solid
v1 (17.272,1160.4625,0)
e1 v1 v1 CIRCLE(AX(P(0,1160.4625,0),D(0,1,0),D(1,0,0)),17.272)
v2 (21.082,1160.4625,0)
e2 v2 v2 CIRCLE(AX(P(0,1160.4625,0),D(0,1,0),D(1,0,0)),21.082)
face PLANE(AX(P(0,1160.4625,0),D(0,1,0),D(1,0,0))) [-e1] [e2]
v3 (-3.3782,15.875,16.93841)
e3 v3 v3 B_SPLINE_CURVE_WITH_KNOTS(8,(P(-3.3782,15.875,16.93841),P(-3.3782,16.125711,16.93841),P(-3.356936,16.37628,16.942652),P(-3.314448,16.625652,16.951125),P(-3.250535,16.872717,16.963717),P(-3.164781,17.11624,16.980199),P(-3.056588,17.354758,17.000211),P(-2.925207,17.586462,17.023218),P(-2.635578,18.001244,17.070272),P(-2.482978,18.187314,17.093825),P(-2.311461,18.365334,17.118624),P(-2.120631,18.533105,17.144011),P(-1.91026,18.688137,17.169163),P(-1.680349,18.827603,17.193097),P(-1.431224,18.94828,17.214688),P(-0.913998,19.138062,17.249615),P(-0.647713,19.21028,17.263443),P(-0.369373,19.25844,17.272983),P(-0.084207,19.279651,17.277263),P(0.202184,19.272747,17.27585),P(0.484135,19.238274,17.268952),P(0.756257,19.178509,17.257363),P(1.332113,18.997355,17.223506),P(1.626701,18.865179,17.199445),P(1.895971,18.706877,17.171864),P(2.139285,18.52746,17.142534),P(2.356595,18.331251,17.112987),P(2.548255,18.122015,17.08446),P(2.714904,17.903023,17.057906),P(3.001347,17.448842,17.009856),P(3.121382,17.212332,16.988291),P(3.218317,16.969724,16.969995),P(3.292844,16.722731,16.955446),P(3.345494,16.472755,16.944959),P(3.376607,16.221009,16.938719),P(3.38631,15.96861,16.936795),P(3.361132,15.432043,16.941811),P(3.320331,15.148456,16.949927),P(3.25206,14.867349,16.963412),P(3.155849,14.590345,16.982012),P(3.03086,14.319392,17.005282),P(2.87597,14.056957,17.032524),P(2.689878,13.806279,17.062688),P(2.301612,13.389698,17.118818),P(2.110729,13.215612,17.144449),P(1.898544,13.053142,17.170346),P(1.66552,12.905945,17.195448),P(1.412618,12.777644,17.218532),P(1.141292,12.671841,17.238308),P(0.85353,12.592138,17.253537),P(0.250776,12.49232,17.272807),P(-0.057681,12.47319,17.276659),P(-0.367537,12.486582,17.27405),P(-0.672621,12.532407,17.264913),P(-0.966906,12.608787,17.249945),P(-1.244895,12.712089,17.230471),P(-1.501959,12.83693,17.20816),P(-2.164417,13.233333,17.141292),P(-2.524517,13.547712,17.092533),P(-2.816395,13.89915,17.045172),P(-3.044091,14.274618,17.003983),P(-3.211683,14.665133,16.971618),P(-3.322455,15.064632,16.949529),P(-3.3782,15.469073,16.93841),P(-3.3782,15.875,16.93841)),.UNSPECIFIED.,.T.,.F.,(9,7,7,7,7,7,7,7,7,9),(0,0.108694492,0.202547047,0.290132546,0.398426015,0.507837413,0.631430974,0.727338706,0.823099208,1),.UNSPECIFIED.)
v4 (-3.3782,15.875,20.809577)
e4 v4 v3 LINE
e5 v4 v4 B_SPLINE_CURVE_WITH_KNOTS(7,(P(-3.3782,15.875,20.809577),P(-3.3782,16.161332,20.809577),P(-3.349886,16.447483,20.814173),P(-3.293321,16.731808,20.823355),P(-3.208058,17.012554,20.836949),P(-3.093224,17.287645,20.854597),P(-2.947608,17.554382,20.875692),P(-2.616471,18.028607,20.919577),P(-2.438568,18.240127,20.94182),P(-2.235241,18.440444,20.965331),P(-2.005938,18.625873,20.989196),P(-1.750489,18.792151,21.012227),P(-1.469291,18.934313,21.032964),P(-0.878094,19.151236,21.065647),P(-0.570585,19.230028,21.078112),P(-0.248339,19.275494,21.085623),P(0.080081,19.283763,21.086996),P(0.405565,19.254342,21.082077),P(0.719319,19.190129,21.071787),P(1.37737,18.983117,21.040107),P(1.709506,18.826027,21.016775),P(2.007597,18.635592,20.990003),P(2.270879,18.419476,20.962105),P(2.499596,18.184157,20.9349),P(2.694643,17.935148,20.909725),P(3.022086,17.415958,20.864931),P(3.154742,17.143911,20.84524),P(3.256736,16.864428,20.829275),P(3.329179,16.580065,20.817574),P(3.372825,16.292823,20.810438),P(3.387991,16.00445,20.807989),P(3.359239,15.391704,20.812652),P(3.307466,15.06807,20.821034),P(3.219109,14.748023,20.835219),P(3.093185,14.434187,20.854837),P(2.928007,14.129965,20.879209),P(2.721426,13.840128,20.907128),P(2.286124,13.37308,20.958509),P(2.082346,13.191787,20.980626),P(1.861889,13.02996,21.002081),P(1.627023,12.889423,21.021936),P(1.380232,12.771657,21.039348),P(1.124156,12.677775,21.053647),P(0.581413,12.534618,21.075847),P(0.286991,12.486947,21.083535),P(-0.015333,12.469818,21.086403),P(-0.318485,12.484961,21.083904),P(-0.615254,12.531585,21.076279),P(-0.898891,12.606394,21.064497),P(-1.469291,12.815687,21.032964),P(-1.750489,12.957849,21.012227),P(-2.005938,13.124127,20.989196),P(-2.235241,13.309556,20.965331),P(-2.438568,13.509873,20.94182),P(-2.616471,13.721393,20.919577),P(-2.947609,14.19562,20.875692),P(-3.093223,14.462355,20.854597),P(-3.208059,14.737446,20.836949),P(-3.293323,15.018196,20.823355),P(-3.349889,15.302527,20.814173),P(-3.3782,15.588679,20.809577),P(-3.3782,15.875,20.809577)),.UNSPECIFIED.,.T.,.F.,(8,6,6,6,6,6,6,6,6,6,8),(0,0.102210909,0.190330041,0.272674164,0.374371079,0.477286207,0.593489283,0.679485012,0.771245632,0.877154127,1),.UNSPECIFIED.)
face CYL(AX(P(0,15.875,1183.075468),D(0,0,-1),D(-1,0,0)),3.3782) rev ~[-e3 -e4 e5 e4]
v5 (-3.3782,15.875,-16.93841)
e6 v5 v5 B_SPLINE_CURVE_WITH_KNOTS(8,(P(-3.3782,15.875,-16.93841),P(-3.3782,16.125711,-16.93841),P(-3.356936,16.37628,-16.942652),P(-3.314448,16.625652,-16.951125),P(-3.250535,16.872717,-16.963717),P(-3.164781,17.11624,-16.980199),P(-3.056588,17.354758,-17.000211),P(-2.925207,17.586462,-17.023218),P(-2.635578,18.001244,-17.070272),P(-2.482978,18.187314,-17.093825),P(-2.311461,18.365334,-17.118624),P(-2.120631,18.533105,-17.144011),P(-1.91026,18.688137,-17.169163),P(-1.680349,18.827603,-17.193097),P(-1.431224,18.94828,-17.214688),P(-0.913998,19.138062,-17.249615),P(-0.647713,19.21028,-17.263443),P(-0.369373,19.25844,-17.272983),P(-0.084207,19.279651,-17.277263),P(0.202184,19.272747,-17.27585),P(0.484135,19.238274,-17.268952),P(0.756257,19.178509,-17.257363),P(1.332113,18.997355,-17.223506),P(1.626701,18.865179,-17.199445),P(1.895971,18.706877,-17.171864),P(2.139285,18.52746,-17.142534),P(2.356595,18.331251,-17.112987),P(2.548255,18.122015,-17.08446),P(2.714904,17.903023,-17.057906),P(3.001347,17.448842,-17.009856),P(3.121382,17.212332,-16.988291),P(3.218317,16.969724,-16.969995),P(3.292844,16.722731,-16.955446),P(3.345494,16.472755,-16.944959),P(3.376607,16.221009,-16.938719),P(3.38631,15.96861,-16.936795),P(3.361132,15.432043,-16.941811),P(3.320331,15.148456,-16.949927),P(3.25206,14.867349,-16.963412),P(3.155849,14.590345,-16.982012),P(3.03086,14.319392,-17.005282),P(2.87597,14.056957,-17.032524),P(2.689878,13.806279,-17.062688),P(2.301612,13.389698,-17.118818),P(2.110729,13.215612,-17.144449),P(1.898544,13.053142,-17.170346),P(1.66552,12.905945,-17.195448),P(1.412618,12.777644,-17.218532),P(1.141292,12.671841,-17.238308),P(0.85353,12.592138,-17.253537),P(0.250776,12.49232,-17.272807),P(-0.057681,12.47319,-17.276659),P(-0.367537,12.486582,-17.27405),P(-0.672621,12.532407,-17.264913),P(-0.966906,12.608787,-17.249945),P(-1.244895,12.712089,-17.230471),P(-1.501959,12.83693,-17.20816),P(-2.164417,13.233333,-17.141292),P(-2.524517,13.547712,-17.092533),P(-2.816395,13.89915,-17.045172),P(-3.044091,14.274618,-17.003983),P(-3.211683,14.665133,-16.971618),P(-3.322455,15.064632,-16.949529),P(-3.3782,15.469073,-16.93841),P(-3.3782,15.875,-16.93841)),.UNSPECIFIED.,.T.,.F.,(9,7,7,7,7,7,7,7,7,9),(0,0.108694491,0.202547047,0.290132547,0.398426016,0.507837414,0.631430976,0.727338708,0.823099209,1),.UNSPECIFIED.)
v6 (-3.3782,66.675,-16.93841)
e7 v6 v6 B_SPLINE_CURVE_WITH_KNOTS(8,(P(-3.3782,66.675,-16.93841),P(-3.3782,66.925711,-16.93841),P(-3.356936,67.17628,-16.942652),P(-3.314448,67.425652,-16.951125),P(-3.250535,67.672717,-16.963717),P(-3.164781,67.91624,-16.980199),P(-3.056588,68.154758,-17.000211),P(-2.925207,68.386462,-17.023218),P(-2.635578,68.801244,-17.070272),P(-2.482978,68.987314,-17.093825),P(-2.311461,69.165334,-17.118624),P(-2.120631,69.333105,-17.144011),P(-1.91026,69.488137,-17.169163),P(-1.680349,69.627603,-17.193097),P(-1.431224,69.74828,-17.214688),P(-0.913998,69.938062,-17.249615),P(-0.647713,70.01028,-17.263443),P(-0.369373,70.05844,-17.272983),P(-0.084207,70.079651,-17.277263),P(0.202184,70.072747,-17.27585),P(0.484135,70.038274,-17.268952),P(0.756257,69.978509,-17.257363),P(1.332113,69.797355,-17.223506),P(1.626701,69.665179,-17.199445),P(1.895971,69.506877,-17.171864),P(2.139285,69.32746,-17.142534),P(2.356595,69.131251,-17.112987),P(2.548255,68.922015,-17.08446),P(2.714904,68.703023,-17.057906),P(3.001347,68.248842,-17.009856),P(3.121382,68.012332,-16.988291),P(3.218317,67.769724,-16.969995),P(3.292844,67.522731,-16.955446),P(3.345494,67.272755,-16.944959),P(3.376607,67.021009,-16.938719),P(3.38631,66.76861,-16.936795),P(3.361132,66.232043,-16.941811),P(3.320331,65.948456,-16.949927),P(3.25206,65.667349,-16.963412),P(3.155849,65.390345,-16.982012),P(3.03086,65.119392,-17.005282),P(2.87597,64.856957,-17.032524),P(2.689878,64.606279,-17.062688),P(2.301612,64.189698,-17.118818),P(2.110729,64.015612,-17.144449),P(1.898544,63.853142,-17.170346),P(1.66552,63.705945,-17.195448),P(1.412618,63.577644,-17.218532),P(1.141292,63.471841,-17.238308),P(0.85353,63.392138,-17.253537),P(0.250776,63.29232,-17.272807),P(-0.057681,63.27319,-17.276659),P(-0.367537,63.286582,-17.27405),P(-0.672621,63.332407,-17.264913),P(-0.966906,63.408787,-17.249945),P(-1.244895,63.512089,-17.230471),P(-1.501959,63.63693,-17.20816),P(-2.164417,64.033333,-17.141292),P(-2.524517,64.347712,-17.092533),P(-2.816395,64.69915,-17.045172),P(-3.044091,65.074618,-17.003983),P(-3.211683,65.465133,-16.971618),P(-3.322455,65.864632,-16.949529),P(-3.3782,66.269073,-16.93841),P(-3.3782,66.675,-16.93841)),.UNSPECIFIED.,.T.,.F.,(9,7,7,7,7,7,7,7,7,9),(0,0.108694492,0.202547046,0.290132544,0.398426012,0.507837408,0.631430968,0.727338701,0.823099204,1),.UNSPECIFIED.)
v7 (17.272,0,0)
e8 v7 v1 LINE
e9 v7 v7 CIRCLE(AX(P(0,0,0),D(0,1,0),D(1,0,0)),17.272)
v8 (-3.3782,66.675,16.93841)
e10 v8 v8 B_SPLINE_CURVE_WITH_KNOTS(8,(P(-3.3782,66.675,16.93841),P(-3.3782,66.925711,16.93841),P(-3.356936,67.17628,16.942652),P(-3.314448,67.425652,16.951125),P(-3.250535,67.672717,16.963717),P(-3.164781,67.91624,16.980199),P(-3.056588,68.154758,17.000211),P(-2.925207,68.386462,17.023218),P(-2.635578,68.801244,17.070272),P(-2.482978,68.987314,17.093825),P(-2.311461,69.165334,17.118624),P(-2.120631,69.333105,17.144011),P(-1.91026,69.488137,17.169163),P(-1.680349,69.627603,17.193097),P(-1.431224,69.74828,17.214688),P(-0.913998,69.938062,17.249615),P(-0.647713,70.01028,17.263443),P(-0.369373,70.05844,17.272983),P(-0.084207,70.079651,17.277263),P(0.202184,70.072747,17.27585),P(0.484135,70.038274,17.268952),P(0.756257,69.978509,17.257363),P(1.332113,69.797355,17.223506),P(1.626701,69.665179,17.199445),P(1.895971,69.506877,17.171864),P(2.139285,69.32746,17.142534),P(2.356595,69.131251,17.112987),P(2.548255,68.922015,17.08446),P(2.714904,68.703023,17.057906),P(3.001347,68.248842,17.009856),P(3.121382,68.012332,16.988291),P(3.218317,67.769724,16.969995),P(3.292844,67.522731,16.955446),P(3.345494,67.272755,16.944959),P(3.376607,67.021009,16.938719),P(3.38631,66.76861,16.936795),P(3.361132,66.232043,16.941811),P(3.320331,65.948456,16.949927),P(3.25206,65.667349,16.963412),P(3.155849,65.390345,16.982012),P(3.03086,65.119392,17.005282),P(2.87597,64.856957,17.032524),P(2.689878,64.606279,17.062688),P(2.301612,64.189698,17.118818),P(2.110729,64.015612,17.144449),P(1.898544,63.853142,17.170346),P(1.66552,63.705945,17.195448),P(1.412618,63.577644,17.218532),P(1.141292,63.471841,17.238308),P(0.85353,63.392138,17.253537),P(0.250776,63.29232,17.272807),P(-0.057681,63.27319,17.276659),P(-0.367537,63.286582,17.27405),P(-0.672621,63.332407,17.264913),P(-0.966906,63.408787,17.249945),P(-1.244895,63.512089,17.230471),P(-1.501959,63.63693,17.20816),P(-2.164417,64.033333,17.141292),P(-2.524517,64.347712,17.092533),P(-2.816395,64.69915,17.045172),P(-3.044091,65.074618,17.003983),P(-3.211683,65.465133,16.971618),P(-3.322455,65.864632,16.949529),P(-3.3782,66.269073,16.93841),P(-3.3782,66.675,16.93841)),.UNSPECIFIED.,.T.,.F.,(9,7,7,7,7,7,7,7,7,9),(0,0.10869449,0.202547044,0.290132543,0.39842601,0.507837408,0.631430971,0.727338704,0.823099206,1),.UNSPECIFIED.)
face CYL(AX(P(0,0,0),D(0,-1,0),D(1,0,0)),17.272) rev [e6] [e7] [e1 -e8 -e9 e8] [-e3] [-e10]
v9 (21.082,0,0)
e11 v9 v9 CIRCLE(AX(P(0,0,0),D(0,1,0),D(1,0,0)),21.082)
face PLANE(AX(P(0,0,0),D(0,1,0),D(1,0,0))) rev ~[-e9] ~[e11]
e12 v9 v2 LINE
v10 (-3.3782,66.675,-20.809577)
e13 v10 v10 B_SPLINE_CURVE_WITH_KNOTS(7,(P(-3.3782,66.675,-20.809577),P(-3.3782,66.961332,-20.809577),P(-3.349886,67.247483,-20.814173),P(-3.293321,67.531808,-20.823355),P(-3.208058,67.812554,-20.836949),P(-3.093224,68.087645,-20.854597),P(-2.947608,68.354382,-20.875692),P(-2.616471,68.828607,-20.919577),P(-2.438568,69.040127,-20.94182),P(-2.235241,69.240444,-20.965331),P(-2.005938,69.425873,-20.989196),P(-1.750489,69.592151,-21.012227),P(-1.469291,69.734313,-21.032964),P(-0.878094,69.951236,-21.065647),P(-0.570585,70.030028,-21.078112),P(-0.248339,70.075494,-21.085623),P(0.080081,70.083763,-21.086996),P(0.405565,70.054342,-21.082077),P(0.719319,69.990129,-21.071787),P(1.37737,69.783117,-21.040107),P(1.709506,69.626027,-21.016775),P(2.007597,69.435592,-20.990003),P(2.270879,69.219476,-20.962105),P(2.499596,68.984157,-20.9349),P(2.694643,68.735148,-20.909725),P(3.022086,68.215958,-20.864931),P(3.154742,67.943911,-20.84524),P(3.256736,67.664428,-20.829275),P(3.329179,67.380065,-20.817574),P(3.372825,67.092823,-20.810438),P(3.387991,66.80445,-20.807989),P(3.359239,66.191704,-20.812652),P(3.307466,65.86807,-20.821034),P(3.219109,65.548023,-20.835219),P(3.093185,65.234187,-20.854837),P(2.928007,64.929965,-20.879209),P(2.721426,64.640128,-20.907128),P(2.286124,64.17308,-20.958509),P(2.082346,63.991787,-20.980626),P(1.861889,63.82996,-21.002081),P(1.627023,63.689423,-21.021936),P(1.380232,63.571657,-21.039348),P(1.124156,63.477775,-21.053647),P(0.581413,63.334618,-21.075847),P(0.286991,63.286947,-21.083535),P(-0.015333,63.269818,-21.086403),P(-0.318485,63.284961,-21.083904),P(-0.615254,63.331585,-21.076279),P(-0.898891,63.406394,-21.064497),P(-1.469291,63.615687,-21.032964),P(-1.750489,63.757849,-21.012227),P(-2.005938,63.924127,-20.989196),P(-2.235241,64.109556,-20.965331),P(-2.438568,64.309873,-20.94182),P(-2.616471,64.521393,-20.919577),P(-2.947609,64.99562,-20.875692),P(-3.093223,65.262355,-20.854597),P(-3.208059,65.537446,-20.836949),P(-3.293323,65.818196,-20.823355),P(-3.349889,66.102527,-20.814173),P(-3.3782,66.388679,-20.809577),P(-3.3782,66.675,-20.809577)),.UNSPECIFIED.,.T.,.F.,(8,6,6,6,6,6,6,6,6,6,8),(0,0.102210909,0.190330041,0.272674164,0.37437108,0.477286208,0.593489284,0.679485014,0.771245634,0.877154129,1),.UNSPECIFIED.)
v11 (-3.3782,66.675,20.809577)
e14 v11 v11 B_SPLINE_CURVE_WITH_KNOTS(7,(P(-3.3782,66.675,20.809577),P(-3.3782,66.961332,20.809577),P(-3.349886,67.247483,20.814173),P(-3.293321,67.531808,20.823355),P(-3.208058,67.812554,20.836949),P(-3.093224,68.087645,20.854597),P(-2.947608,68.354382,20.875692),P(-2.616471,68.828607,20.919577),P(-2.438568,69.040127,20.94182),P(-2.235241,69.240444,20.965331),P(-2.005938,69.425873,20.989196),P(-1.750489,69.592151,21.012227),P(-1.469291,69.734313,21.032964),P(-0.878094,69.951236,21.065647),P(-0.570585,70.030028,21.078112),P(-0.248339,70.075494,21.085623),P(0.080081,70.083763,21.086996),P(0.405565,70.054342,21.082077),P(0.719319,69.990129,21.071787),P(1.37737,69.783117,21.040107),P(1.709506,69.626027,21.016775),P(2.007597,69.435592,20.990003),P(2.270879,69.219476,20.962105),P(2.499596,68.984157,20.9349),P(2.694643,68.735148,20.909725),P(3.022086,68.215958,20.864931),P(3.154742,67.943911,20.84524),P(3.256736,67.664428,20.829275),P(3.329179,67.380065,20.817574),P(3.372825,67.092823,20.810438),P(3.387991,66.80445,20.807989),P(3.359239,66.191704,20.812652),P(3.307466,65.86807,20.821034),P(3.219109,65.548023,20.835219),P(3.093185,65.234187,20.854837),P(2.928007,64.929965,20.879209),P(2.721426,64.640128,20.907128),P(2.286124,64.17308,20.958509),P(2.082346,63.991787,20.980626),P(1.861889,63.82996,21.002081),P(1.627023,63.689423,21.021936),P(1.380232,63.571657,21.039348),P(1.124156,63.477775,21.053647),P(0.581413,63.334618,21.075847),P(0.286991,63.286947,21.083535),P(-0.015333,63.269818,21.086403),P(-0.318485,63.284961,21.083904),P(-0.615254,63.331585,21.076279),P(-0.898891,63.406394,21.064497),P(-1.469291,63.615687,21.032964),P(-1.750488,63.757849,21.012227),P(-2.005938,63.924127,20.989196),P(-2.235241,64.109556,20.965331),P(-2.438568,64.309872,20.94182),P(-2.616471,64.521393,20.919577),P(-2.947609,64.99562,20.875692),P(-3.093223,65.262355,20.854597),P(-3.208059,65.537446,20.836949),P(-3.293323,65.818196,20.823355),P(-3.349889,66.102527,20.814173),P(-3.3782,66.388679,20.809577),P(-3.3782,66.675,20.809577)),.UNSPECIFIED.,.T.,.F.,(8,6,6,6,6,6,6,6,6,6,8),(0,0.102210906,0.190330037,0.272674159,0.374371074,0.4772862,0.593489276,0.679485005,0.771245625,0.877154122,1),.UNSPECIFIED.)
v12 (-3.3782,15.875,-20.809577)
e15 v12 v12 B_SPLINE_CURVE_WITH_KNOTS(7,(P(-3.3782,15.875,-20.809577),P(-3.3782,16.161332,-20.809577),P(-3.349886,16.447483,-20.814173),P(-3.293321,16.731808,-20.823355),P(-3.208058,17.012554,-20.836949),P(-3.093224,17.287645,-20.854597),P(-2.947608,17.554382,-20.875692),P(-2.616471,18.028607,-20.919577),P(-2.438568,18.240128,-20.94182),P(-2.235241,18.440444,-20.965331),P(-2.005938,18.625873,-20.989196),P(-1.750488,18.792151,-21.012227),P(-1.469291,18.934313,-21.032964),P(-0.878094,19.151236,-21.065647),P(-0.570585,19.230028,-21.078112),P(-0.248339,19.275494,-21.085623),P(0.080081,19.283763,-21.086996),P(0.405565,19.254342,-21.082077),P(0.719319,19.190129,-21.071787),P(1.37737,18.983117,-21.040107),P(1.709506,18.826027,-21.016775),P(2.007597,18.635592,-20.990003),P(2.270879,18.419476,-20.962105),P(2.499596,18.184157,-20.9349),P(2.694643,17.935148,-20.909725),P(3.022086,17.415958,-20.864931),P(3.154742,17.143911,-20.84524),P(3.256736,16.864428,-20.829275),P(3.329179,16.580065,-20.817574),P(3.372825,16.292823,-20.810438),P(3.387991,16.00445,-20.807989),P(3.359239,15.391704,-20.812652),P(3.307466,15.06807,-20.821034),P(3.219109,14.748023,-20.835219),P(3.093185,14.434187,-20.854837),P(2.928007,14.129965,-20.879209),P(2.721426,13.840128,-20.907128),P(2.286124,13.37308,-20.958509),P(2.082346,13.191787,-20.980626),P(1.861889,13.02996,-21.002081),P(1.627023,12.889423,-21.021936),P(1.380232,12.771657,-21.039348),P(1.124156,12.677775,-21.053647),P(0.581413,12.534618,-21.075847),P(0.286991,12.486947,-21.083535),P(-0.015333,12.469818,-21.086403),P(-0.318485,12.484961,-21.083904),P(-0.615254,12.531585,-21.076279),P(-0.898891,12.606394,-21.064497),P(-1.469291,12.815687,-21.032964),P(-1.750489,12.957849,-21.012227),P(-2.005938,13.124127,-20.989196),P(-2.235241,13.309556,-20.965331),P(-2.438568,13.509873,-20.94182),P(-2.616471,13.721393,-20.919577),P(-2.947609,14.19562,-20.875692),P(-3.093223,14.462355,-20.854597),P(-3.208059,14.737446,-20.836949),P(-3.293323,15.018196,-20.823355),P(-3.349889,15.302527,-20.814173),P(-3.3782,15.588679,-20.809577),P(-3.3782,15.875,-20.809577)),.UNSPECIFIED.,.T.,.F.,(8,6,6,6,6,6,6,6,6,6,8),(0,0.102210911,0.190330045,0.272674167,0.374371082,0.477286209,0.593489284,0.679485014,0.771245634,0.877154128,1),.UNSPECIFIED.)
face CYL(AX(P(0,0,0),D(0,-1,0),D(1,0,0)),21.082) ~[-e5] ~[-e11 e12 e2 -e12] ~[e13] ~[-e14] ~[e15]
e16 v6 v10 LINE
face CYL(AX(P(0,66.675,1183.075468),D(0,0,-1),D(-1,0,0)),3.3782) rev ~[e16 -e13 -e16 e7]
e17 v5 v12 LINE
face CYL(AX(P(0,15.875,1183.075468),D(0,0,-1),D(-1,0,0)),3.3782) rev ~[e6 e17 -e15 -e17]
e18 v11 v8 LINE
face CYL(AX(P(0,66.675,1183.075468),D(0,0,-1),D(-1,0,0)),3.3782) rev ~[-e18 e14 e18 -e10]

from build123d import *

# Parameters (mm, degrees)
SKETCH1_R               = 21.082
SKETCH1_R_2             = 17.272
BOSS_EXTRUDE1_DEPTH     = 1160.4625
F_1_4_CLEARANCE_HOLE1_D = 6.7564


with BuildPart() as part:
    # Sketch1 → Boss-Extrude1 (new body)
    with BuildSketch(Plane(origin=(0, 0, 0), x_dir=(1, 0, 0), z_dir=(0, 1, 0))):
        Circle(SKETCH1_R)
        Circle(SKETCH1_R_2, mode=Mode.SUBTRACT)
    extrude(amount=BOSS_EXTRUDE1_DEPTH)

    # 1/4 Clearance Hole1 (through all)
    with Locations(Plane.XY.offset(21.082)):
        with Locations((0, 15.875), (0, 66.675)):
            Hole(F_1_4_CLEARANCE_HOLE1_D / 2)


solid = part.part
